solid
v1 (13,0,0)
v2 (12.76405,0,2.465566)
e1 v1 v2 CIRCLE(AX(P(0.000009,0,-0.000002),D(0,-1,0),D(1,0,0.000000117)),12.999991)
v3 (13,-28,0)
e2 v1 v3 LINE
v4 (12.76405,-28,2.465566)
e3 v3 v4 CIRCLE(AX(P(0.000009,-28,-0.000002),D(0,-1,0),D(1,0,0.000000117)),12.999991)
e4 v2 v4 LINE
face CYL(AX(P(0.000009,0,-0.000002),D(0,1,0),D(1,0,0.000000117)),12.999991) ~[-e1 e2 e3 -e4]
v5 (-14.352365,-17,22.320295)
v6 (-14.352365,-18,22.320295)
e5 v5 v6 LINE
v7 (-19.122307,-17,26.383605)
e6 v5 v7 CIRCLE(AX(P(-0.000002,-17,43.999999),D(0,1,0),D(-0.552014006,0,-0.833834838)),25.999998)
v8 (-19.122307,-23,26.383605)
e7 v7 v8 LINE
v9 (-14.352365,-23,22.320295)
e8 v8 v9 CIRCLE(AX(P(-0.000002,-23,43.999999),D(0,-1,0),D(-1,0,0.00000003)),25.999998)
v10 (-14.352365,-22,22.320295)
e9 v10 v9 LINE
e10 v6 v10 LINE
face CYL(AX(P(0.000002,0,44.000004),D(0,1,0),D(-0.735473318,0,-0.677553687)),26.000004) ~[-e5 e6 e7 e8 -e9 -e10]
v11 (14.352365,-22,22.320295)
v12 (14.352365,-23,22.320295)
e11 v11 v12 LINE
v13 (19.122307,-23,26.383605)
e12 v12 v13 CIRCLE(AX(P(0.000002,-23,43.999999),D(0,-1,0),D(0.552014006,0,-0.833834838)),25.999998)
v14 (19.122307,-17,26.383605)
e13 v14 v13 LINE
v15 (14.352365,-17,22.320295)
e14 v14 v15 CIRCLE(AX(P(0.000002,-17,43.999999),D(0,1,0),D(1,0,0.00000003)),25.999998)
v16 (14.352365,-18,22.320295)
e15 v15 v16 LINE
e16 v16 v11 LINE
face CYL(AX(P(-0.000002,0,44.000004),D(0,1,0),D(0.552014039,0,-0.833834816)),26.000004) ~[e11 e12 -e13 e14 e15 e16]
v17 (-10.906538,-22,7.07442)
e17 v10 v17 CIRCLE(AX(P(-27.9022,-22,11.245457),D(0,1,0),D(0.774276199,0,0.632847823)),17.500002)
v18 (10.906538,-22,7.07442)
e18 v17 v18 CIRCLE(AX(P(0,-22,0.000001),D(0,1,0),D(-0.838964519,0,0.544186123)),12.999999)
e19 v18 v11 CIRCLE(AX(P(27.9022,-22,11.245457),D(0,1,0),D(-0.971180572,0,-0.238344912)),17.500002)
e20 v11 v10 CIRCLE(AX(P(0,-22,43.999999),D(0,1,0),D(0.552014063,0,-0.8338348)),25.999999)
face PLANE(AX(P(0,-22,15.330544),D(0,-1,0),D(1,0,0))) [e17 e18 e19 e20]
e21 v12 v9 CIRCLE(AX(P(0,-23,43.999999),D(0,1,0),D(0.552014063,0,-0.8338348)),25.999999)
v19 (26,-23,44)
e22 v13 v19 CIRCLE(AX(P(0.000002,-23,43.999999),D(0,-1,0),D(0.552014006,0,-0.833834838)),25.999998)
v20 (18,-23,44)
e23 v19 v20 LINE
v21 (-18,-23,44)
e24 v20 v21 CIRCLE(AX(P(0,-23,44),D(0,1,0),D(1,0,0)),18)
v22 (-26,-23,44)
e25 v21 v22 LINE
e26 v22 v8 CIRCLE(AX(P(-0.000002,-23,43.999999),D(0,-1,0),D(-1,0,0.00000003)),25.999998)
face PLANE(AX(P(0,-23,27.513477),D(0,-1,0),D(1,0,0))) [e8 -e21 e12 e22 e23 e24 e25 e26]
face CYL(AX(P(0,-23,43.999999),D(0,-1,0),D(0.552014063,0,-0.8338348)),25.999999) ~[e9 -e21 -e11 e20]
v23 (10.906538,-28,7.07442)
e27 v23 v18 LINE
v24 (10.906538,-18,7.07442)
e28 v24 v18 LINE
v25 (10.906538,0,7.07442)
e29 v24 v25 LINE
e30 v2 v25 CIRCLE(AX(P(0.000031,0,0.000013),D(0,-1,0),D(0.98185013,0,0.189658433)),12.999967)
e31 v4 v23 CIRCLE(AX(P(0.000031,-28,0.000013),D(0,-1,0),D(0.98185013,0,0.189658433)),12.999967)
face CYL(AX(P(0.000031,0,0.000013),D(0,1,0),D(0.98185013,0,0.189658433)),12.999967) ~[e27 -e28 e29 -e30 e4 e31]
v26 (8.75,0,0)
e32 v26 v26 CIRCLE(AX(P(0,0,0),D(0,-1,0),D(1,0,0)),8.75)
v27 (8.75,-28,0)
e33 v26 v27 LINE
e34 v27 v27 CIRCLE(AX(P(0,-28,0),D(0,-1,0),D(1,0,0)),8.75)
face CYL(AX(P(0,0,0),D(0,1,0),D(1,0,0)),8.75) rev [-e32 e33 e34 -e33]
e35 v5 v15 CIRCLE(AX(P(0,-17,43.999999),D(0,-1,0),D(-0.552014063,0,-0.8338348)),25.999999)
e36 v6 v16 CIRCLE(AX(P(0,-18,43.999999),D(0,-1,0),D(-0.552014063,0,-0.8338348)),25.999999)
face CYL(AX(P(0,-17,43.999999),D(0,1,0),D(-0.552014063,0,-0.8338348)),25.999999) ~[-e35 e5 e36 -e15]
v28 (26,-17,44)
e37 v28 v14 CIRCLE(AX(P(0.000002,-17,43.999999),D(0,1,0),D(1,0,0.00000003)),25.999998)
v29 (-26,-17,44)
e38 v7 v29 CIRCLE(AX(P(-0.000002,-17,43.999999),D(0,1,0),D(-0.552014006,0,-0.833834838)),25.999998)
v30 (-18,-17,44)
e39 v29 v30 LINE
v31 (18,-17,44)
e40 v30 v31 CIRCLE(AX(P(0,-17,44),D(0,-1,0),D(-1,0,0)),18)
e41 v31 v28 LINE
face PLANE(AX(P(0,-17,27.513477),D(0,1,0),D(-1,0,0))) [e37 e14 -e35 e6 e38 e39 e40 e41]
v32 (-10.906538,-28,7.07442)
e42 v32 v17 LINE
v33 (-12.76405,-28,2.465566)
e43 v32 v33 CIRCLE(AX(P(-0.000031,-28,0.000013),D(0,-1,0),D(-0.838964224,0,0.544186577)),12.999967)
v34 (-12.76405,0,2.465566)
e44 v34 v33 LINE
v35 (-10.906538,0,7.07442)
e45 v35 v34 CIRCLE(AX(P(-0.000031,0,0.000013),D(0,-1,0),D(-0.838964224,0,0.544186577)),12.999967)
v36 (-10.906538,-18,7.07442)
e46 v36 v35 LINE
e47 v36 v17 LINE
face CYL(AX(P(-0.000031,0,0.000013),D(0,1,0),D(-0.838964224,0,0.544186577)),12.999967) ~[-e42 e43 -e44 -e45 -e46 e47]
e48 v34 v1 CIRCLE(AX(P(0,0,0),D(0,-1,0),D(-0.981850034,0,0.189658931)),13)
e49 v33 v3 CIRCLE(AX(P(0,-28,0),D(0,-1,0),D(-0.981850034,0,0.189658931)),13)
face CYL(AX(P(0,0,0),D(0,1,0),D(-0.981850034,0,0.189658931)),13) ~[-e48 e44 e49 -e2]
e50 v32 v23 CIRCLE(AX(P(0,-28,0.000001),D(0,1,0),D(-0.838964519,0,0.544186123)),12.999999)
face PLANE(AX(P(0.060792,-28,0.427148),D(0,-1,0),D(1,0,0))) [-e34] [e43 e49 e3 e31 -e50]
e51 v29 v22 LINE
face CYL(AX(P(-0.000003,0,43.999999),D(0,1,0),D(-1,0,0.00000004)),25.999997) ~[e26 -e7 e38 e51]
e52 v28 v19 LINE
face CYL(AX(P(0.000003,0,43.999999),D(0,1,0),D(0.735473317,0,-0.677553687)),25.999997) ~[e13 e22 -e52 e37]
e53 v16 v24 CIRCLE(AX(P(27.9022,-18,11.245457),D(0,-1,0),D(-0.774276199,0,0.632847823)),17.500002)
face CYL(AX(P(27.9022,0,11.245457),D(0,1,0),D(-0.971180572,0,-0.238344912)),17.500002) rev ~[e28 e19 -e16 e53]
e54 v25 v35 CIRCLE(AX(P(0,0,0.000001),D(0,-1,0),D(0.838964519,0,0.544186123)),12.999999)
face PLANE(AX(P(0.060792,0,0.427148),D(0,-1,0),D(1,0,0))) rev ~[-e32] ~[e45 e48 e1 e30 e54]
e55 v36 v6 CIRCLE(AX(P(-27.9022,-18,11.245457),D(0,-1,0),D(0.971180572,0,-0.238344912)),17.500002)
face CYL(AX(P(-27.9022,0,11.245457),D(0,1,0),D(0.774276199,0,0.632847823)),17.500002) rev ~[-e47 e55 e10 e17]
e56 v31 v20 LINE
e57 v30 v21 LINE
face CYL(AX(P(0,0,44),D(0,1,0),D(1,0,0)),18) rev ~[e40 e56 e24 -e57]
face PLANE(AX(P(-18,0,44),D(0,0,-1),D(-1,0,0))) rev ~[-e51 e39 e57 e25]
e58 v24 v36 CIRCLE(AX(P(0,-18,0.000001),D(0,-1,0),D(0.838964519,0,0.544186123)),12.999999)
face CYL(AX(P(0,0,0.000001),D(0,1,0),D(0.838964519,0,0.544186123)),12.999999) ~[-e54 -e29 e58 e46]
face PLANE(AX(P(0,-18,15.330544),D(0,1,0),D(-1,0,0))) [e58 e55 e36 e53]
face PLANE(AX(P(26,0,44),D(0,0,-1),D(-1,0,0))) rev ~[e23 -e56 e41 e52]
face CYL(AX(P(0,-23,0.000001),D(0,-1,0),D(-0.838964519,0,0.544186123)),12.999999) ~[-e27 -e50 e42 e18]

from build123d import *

# Parameters (mm, degrees)
F0_R     = 8.75
F1_DEPTH = 28
F3_DEPTH = 5
F5_DEPTH = 17
F7_DEPTH = 1
F9_DEPTH = 1


with BuildPart() as f1:
    # F0 (on Front) → F1 (new body)
    with BuildSketch(Plane.XZ):
        with BuildLine():
            ThreePointArc((-12.76405, 2.465566), (-1.238415, -12.940878), (13, 0))
            ThreePointArc((13, 0), (12.940878, 1.238415), (12.76405, 2.465566))
            ThreePointArc((12.76405, 2.465566), (11.670877, 4.703728), (10.906538, 7.07442))
            ThreePointArc((10.906538, 7.07442), (0, 13), (-10.906538, 7.07442))
            ThreePointArc((-10.906538, 7.07442), (-11.670877, 4.703728), (-12.76405, 2.465566))
        make_face()
        Circle(F0_R, mode=Mode.SUBTRACT)
        with BuildLine():
            ThreePointArc((10.906538, 7.07442), (11.670877, 4.703728), (12.76405, 2.465566))
            ThreePointArc((12.76405, 2.465566), (12.057553, 4.85957), (10.906538, 7.07442))
        make_face()
        with BuildLine():
            ThreePointArc((-10.906538, 7.07442), (-12.057553, 4.85957), (-12.76405, 2.465566))
            ThreePointArc((-12.76405, 2.465566), (-11.670877, 4.703728), (-10.906538, 7.07442))
        make_face()
        with BuildLine():
            ThreePointArc((-10.906538, 7.07442), (0, 13), (10.906538, 7.07442))
            ThreePointArc((10.906538, 7.07442), (10.832753, 15.103442), (14.352365, 22.320295))
            ThreePointArc((14.352365, 22.320295), (0, 18), (-14.352365, 22.320295))
            ThreePointArc((-14.352365, 22.320295), (-10.832753, 15.103442), (-10.906538, 7.07442))
        make_face()
        with BuildLine():
            ThreePointArc((-14.352365, 22.320295), (0, 18), (14.352365, 22.320295))
            ThreePointArc((14.352365, 22.320295), (16.553993, 24.567178), (19.122307, 26.383605))
            ThreePointArc((19.122307, 26.383605), (24.21962, 34.544313), (26, 44))
            Line((26, 44), (18, 44))
            ThreePointArc((18, 44), (0, 26), (-18, 44))
            Line((-18, 44), (-26, 44))
            ThreePointArc((-26, 44), (-24.21962, 34.544313), (-19.122307, 26.383605))
            ThreePointArc((-19.122307, 26.383605), (-16.553993, 24.567178), (-14.352365, 22.320295))
        make_face()
        with BuildLine():
            ThreePointArc((19.122307, 26.383605), (16.553993, 24.567178), (14.352365, 22.320295))
            ThreePointArc((14.352365, 22.320295), (16.860191, 24.20773), (19.122307, 26.383605))
        make_face()
        with BuildLine():
            ThreePointArc((-19.122307, 26.383605), (-16.860191, 24.20773), (-14.352365, 22.320295))
            ThreePointArc((-14.352365, 22.320295), (-16.553993, 24.567178), (-19.122307, 26.383605))
        make_face()
    extrude(amount=F1_DEPTH)

    # F2 (on face) → F3 (cut)
    with BuildSketch(Plane.XZ.offset(28)):
        with BuildLine():
            Line((-18, 44), (-26, 44))
            ThreePointArc((-26, 44), (-22.903728, 31.694747), (-14.352365, 22.320295))
            ThreePointArc((-14.352365, 22.320295), (-10.832753, 15.103442), (-10.906538, 7.07442))
            ThreePointArc((-10.906538, 7.07442), (0, 13), (10.906538, 7.07442))
            ThreePointArc((10.906538, 7.07442), (10.832753, 15.103442), (14.352365, 22.320295))
            ThreePointArc((14.352365, 22.320295), (22.903728, 31.694747), (26, 44))
            Line((26, 44), (18, 44))
            ThreePointArc((18, 44), (0, 26), (-18, 44))
        make_face()
    extrude(amount=-F3_DEPTH, mode=Mode.SUBTRACT)

    # F4 (on face) → F5 (cut)
    with BuildSketch(Plane(origin=(0, 0, 0), x_dir=(-1, 0, 0), z_dir=(0, 1, 0))):
        with BuildLine():
            Line((-18, 44), (-26, 44))
            ThreePointArc((-26, 44), (-22.903728, 31.694747), (-14.352365, 22.320295))
            ThreePointArc((-14.352365, 22.320295), (-10.832753, 15.103442), (-10.906538, 7.07442))
            ThreePointArc((-10.906538, 7.07442), (0, 13), (10.906538, 7.07442))
            ThreePointArc((10.906538, 7.07442), (10.832753, 15.103442), (14.352365, 22.320295))
            ThreePointArc((14.352365, 22.320295), (22.903728, 31.694747), (26, 44))
            Line((26, 44), (18, 44))
            ThreePointArc((18, 44), (0, 26), (-18, 44))
        make_face()
    extrude(amount=-F5_DEPTH, mode=Mode.SUBTRACT)

    # F6 (on face) → F7 (cut)
    with BuildSketch(Plane(origin=(0, -17, 0), x_dir=(-1, 0, 0), z_dir=(0, 1, 0))):
        with BuildLine():
            ThreePointArc((14.352365, 22.320295), (0, 18), (-14.352365, 22.320295))
            ThreePointArc((-14.352365, 22.320295), (-10.832753, 15.103442), (-10.906538, 7.07442))
            ThreePointArc((-10.906538, 7.07442), (0, 13), (10.906538, 7.07442))
            ThreePointArc((10.906538, 7.07442), (10.832753, 15.103442), (14.352365, 22.320295))
        make_face()
    extrude(amount=-F7_DEPTH, mode=Mode.SUBTRACT)

    # F8 (on face) → F9 (cut)
    with BuildSketch(Plane.XZ.offset(23)):
        with BuildLine():
            ThreePointArc((14.352365, 22.320295), (0, 18), (-14.352365, 22.320295))
            ThreePointArc((-14.352365, 22.320295), (-10.832753, 15.103442), (-10.906538, 7.07442))
            ThreePointArc((-10.906538, 7.07442), (0, 13), (10.906538, 7.07442))
            ThreePointArc((10.906538, 7.07442), (10.832753, 15.103442), (14.352365, 22.320295))
        make_face()
    extrude(amount=-F9_DEPTH, mode=Mode.SUBTRACT)


solid = f1.part
